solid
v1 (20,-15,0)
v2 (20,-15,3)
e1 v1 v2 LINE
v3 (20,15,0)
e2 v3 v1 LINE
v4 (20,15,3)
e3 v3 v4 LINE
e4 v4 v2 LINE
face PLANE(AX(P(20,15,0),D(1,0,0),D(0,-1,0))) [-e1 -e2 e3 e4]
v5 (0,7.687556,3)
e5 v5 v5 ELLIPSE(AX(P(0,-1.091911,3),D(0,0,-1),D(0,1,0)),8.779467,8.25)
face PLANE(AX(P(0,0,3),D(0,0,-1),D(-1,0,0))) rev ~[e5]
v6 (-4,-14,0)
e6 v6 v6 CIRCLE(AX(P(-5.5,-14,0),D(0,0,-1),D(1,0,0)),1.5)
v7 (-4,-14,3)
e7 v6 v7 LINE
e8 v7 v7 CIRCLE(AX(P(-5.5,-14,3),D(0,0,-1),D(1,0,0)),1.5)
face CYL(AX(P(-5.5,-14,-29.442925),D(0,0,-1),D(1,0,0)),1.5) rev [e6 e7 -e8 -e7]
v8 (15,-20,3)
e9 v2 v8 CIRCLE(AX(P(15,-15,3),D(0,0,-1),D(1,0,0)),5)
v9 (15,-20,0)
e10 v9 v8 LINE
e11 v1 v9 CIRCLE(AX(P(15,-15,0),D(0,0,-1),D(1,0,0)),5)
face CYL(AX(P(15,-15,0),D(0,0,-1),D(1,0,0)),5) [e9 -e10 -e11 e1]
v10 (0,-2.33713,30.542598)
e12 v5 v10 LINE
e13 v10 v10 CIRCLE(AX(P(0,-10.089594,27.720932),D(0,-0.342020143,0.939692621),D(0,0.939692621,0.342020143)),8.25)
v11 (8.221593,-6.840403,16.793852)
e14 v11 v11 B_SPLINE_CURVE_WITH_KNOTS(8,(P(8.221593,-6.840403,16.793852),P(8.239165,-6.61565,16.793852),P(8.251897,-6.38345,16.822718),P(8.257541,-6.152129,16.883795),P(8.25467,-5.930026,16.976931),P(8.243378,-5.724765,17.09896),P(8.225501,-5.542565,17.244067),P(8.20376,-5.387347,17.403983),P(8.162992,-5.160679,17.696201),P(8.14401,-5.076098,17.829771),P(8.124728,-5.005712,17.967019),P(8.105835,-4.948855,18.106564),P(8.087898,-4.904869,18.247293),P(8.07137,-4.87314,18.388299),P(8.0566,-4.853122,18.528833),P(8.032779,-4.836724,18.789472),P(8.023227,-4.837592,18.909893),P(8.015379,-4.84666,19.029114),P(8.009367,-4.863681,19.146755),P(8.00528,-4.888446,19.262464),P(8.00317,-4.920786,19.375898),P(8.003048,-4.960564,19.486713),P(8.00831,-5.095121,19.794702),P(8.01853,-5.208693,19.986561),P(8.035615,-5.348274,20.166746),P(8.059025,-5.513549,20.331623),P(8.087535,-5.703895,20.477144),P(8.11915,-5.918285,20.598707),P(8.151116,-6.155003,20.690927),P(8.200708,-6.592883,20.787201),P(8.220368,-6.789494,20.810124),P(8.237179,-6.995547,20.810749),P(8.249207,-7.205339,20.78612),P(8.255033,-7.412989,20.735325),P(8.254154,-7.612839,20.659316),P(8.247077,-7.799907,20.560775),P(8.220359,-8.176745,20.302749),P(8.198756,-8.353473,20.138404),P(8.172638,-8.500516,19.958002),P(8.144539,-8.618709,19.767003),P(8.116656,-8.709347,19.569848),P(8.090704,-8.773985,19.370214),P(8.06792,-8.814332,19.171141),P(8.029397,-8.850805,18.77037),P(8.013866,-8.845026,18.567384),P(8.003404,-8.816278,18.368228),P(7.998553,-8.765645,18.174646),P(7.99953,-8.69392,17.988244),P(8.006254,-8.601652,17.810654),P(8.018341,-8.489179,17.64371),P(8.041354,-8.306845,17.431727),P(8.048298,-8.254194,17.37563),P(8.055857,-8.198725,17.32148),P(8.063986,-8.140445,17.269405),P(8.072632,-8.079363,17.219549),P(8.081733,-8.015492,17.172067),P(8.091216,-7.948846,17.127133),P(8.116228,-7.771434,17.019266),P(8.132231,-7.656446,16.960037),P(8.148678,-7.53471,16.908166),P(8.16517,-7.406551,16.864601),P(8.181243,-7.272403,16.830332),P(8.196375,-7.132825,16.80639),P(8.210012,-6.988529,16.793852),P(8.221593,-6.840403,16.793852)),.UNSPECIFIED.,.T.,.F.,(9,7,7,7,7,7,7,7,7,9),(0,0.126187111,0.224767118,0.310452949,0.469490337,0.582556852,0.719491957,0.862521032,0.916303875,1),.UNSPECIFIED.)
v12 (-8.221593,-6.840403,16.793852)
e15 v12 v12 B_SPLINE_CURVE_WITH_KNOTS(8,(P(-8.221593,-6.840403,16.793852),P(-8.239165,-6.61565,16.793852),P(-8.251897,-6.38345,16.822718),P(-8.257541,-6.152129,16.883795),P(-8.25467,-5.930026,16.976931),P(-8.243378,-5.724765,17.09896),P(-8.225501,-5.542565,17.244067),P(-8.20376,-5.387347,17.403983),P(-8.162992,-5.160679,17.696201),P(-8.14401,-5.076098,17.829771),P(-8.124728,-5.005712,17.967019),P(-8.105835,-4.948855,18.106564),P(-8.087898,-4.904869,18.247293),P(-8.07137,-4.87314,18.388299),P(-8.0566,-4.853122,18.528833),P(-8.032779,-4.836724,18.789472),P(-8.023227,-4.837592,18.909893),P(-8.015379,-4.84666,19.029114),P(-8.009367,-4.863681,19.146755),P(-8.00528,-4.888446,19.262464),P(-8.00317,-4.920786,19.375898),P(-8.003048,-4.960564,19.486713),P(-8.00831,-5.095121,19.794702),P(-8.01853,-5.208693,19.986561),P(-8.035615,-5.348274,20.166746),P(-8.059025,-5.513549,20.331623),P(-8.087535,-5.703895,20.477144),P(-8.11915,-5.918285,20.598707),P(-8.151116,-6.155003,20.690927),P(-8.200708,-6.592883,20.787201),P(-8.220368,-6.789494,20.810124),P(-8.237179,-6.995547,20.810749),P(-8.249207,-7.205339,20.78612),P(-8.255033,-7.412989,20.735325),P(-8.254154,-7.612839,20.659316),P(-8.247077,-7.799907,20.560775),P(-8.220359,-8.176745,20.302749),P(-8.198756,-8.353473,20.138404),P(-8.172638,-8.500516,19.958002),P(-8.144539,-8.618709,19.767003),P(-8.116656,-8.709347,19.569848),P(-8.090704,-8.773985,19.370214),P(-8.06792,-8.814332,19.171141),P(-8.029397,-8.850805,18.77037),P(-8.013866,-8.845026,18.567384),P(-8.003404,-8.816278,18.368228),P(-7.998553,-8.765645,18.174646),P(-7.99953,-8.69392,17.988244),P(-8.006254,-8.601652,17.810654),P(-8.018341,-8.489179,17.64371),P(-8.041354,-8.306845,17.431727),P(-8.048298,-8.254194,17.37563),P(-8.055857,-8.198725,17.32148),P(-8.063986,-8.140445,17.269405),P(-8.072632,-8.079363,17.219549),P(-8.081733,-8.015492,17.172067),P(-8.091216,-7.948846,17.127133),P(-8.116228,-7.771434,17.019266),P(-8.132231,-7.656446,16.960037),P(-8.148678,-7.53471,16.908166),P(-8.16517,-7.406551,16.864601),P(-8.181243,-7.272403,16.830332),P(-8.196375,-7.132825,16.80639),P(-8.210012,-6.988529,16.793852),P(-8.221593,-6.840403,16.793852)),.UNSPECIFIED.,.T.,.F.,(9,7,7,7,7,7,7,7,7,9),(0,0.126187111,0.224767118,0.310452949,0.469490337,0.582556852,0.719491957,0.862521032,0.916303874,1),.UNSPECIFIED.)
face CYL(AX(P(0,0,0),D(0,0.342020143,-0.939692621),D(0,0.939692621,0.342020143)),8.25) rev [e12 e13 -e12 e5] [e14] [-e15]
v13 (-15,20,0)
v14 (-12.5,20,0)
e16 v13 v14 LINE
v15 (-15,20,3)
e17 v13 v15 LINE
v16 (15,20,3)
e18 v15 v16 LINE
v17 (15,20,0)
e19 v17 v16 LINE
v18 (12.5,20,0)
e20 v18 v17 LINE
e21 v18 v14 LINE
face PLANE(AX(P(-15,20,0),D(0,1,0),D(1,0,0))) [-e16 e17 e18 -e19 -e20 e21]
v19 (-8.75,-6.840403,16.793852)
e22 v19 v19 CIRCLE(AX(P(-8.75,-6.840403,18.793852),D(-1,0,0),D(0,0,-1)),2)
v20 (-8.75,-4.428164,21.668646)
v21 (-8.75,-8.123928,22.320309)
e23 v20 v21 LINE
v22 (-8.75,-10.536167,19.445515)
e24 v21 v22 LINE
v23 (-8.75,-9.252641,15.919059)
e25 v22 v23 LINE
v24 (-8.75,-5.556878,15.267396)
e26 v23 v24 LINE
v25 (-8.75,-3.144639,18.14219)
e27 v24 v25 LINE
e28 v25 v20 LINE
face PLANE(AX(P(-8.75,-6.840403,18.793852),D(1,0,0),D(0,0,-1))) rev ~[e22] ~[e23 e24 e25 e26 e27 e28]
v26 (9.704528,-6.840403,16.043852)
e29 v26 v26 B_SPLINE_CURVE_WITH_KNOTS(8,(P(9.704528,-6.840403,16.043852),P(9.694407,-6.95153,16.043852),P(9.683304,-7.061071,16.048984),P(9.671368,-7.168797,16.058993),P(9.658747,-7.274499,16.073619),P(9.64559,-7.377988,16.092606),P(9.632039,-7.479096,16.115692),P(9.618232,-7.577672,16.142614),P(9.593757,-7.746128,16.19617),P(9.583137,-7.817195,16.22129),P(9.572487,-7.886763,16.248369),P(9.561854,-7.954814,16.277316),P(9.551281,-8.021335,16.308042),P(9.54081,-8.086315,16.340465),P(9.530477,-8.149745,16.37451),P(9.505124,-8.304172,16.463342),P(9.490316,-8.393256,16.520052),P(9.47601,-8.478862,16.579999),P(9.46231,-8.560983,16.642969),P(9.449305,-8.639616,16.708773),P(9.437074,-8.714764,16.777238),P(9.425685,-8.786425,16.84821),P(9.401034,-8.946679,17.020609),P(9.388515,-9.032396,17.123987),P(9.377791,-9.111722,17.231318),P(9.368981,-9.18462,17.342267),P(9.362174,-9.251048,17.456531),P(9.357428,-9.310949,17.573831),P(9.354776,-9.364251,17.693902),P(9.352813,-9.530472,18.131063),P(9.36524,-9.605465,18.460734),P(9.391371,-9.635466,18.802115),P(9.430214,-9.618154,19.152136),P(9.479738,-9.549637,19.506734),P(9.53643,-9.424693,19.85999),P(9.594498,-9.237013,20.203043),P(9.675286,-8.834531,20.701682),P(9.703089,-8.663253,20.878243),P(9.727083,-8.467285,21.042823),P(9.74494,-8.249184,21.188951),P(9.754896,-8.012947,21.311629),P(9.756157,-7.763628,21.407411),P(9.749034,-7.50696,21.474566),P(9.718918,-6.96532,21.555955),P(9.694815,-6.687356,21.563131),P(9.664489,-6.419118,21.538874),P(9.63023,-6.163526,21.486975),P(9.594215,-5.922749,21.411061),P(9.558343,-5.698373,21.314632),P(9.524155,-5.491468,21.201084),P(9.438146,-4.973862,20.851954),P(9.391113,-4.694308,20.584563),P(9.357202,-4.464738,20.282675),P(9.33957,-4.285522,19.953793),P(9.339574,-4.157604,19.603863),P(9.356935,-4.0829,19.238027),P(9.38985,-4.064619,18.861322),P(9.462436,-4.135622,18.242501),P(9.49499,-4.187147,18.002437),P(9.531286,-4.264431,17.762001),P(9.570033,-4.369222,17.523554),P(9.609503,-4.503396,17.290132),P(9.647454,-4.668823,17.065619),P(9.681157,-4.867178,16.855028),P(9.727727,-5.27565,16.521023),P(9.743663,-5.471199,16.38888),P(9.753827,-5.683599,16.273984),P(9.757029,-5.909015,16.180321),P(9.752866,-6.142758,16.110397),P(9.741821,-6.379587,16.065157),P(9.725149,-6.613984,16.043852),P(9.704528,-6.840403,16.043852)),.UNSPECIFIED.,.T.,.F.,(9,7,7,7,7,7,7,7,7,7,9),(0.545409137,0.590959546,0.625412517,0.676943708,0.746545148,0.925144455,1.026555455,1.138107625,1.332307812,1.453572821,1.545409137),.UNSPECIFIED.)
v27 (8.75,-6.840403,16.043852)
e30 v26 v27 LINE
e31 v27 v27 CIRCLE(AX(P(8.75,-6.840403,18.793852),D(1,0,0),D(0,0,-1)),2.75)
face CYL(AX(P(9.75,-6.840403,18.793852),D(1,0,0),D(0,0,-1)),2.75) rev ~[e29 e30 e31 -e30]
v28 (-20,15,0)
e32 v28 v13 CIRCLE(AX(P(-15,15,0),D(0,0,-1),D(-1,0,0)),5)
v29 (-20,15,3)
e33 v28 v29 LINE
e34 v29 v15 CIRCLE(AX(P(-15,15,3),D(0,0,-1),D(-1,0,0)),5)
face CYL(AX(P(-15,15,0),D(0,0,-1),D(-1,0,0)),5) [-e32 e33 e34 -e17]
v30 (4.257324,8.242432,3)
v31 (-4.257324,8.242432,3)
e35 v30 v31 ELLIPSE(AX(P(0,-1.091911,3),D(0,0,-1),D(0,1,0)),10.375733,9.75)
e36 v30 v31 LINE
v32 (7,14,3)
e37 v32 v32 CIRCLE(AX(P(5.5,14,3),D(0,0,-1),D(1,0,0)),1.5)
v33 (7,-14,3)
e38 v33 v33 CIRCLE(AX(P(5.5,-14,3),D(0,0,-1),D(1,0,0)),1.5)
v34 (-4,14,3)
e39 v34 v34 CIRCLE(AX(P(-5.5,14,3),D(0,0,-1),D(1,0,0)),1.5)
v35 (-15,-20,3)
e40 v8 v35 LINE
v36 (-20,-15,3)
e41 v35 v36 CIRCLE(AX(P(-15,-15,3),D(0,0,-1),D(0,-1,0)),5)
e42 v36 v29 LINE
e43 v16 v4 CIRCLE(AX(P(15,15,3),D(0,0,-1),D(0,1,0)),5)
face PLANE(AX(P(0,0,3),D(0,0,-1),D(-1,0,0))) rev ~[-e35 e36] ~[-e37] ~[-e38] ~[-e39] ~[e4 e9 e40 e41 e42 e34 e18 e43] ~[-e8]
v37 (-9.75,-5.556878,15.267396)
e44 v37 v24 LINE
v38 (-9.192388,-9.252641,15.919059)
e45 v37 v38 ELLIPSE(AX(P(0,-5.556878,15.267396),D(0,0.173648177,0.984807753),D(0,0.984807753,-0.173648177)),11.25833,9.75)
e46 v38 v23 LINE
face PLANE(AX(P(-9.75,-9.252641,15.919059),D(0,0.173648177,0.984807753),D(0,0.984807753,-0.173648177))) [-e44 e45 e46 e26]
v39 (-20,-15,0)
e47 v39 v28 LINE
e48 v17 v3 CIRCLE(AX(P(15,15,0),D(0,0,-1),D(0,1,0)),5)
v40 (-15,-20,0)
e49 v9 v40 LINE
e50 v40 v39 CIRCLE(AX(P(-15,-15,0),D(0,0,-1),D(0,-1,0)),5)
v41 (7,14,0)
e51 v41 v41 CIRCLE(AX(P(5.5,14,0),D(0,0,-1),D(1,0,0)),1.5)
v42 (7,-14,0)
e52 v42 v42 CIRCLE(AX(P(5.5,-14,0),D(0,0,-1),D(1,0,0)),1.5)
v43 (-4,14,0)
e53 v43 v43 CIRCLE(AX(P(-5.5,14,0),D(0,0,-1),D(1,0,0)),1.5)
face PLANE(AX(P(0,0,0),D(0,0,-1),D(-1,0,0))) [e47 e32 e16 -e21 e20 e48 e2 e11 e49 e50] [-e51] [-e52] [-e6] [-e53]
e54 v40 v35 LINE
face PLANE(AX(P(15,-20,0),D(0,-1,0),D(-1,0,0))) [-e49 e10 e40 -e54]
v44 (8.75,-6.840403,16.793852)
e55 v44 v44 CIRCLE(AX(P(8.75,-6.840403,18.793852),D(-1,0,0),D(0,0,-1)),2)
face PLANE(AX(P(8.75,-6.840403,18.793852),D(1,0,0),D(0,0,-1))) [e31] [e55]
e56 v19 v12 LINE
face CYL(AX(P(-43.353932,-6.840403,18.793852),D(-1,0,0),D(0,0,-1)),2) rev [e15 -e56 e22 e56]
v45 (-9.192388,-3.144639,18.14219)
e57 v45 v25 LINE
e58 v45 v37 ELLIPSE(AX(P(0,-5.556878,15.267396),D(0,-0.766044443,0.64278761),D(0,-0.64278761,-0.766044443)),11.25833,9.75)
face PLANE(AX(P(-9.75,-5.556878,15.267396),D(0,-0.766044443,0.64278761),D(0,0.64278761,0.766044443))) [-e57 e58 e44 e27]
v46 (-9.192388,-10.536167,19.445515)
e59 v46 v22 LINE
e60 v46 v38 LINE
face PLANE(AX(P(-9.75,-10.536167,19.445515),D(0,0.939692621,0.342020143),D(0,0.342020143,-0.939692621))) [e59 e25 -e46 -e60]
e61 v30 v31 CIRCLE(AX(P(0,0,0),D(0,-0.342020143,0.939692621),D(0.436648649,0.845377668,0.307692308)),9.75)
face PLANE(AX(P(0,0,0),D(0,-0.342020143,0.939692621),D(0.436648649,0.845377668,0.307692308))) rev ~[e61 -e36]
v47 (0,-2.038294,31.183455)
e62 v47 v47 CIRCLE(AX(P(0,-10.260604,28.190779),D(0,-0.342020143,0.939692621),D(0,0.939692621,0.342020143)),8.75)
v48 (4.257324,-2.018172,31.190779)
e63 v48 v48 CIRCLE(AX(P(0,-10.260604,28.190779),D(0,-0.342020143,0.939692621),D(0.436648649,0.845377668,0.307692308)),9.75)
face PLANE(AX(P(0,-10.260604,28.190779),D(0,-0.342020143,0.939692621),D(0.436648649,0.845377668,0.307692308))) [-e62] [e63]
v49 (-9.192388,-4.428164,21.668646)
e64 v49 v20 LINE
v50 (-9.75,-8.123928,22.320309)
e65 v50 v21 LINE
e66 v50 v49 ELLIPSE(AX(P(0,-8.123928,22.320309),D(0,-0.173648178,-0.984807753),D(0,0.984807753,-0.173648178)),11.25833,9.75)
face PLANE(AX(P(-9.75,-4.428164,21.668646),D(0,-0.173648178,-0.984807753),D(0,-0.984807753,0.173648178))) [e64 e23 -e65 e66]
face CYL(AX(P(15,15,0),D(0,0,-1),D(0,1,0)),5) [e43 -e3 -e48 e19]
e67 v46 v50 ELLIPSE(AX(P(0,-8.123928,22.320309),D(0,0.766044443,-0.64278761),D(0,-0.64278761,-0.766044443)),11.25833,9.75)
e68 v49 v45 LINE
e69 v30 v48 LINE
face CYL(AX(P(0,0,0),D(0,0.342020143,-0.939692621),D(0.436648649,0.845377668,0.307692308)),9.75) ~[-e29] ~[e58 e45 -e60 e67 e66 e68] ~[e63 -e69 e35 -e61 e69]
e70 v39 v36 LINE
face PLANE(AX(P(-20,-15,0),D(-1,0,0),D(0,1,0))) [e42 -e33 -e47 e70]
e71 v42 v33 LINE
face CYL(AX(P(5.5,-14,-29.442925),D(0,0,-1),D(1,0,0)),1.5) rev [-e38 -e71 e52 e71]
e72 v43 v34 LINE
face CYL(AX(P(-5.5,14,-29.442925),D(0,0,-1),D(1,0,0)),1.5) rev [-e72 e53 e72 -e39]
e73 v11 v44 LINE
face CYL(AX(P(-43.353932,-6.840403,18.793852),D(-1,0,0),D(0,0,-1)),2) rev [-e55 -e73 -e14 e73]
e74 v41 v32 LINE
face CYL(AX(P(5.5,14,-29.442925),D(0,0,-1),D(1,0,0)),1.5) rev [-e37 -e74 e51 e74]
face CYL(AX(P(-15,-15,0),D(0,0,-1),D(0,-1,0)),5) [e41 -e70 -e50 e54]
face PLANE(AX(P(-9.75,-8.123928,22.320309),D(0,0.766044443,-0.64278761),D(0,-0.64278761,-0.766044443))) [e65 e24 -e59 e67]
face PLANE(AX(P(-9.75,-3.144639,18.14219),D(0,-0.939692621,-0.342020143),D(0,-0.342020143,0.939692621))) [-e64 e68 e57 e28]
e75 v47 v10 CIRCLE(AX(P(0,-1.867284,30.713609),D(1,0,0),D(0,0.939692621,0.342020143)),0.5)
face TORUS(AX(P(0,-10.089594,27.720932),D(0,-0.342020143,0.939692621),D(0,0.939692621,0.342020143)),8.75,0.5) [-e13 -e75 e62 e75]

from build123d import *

# Parameters (mm, degrees)
EXTRUDE_1_DEPTH          = 3
CUT_EXTRUDE_2_DEPTH      = 29.442925307
CUT_EXTRUDE_2_DEPTH_BACK = 29.442925307
SKETCH_2_R               = 1.5
SKETCH_3_R               = 9.75
SKETCH_3_R_2             = 8.25
EXTRUDE_2_DEPTH          = 30
SKETCH_4_W               = 10.093928953
SKETCH_4_H               = 39.979180772
CUT_EXTRUDE_3_DEPTH      = 12.5
CUT_EXTRUDE_4_DEPTH      = 43.353932229
CUT_EXTRUDE_4_DEPTH_BACK = 43.353932229
SKETCH_5_R               = 2
SKETCH_6_R               = 2.75
CUT_EXTRUDE_5_DEPTH      = 1
CUT_EXTRUDE_6_DEPTH      = 1
FILLET_1_R               = 0.5


with BuildPart() as part:
    # 草圖1 → 填料-伸長1 (new body)
    with BuildSketch(Plane.XY):
        with BuildLine():
            Line((-15, 20), (15, 20))
            ThreePointArc((15, 20), (18.535533906, 18.535533906), (20, 15))
            Line((20, 15), (20, -15))
            ThreePointArc((20, -15), (18.535533906, -18.535533906), (15, -20))
            Line((15, -20), (-15, -20))
            ThreePointArc((-15, -20), (-18.535533906, -18.535533906), (-20, -15))
            Line((-20, -15), (-20, 15))
            ThreePointArc((-20, 15), (-18.535533906, 18.535533906), (-15, 20))
        make_face()
    extrude(amount=EXTRUDE_1_DEPTH)

    # 草圖2 → 除料-伸長2 (cut, two sides: drawn at the far end of the back side and taken through both)
    with BuildSketch(Plane.XY.offset(-CUT_EXTRUDE_2_DEPTH_BACK)):
        with Locations((-5.5, 14)):
            Circle(SKETCH_2_R)
        with Locations((5.5, 14)):
            Circle(SKETCH_2_R)
        with Locations((5.5, -14)):
            Circle(SKETCH_2_R)
        with Locations((-5.5, -14)):
            Circle(SKETCH_2_R)
    extrude(amount=CUT_EXTRUDE_2_DEPTH + CUT_EXTRUDE_2_DEPTH_BACK, mode=Mode.SUBTRACT)

    # 草圖3 → 填料-伸長2 (add)
    with BuildSketch(Plane(origin=(0, 0, 0), x_dir=(1, 0, 0), z_dir=(0, -0.34202014332566943, 0.9396926207859081))):
        Circle(SKETCH_3_R)
        Circle(SKETCH_3_R_2, mode=Mode.SUBTRACT)
    extrude(amount=EXTRUDE_2_DEPTH)

    # 草圖4 → 除料-伸長3 (cut, symmetric)
    with BuildSketch(Plane(origin=(0, 0, 0), x_dir=(0, 0, -1), z_dir=(1, 0, 0))):
        with Locations((5.046964477, 0.010409614)):
            Rectangle(SKETCH_4_W, SKETCH_4_H)
    extrude(amount=CUT_EXTRUDE_3_DEPTH, both=True, mode=Mode.SUBTRACT)

    # 草圖5 → 除料-伸長4 (cut, two sides: drawn at the far end of the back side and taken through both)
    with BuildSketch(Plane(origin=(0, 0, 0), x_dir=(0, 0, -1), z_dir=(1, 0, 0)).offset(-CUT_EXTRUDE_4_DEPTH_BACK)):
        with Locations((-18.793852416, -6.840402867)):
            Circle(SKETCH_5_R)
    extrude(amount=CUT_EXTRUDE_4_DEPTH + CUT_EXTRUDE_4_DEPTH_BACK, mode=Mode.SUBTRACT)

    # 草圖6 → 除料-伸長5 (cut)
    with BuildSketch(Plane(origin=(9.75, 0, 0), x_dir=(0, 0, -1), z_dir=(1, 0, 0))):
        with Locations((-18.793852416, -6.840402867)):
            Circle(SKETCH_6_R)
    extrude(amount=-CUT_EXTRUDE_5_DEPTH, mode=Mode.SUBTRACT)

    # 草圖7 → 除料-伸長6 (cut)
    with BuildSketch(Plane(origin=(-9.75, 0, 0), x_dir=(0, 0, -1), z_dir=(1, 0, 0))):
        Polygon((-15.91905864, -9.252641263), (-15.267395797, -5.556877625), (-18.142189572, -3.144639228), (-21.668646191, -4.42816447), (-22.320309035, -8.123928108), (-19.44551526, -10.536166505), align=None)
    extrude(amount=CUT_EXTRUDE_6_DEPTH, mode=Mode.SUBTRACT)

    # 圓角1
    fillet_1_edges = [part.edges().sort_by_distance(p)[0] for p in [
        (-8.25, -10.2606043, 28.190778624),
    ]]
    fillet(fillet_1_edges, radius=FILLET_1_R)


solid = part.part
